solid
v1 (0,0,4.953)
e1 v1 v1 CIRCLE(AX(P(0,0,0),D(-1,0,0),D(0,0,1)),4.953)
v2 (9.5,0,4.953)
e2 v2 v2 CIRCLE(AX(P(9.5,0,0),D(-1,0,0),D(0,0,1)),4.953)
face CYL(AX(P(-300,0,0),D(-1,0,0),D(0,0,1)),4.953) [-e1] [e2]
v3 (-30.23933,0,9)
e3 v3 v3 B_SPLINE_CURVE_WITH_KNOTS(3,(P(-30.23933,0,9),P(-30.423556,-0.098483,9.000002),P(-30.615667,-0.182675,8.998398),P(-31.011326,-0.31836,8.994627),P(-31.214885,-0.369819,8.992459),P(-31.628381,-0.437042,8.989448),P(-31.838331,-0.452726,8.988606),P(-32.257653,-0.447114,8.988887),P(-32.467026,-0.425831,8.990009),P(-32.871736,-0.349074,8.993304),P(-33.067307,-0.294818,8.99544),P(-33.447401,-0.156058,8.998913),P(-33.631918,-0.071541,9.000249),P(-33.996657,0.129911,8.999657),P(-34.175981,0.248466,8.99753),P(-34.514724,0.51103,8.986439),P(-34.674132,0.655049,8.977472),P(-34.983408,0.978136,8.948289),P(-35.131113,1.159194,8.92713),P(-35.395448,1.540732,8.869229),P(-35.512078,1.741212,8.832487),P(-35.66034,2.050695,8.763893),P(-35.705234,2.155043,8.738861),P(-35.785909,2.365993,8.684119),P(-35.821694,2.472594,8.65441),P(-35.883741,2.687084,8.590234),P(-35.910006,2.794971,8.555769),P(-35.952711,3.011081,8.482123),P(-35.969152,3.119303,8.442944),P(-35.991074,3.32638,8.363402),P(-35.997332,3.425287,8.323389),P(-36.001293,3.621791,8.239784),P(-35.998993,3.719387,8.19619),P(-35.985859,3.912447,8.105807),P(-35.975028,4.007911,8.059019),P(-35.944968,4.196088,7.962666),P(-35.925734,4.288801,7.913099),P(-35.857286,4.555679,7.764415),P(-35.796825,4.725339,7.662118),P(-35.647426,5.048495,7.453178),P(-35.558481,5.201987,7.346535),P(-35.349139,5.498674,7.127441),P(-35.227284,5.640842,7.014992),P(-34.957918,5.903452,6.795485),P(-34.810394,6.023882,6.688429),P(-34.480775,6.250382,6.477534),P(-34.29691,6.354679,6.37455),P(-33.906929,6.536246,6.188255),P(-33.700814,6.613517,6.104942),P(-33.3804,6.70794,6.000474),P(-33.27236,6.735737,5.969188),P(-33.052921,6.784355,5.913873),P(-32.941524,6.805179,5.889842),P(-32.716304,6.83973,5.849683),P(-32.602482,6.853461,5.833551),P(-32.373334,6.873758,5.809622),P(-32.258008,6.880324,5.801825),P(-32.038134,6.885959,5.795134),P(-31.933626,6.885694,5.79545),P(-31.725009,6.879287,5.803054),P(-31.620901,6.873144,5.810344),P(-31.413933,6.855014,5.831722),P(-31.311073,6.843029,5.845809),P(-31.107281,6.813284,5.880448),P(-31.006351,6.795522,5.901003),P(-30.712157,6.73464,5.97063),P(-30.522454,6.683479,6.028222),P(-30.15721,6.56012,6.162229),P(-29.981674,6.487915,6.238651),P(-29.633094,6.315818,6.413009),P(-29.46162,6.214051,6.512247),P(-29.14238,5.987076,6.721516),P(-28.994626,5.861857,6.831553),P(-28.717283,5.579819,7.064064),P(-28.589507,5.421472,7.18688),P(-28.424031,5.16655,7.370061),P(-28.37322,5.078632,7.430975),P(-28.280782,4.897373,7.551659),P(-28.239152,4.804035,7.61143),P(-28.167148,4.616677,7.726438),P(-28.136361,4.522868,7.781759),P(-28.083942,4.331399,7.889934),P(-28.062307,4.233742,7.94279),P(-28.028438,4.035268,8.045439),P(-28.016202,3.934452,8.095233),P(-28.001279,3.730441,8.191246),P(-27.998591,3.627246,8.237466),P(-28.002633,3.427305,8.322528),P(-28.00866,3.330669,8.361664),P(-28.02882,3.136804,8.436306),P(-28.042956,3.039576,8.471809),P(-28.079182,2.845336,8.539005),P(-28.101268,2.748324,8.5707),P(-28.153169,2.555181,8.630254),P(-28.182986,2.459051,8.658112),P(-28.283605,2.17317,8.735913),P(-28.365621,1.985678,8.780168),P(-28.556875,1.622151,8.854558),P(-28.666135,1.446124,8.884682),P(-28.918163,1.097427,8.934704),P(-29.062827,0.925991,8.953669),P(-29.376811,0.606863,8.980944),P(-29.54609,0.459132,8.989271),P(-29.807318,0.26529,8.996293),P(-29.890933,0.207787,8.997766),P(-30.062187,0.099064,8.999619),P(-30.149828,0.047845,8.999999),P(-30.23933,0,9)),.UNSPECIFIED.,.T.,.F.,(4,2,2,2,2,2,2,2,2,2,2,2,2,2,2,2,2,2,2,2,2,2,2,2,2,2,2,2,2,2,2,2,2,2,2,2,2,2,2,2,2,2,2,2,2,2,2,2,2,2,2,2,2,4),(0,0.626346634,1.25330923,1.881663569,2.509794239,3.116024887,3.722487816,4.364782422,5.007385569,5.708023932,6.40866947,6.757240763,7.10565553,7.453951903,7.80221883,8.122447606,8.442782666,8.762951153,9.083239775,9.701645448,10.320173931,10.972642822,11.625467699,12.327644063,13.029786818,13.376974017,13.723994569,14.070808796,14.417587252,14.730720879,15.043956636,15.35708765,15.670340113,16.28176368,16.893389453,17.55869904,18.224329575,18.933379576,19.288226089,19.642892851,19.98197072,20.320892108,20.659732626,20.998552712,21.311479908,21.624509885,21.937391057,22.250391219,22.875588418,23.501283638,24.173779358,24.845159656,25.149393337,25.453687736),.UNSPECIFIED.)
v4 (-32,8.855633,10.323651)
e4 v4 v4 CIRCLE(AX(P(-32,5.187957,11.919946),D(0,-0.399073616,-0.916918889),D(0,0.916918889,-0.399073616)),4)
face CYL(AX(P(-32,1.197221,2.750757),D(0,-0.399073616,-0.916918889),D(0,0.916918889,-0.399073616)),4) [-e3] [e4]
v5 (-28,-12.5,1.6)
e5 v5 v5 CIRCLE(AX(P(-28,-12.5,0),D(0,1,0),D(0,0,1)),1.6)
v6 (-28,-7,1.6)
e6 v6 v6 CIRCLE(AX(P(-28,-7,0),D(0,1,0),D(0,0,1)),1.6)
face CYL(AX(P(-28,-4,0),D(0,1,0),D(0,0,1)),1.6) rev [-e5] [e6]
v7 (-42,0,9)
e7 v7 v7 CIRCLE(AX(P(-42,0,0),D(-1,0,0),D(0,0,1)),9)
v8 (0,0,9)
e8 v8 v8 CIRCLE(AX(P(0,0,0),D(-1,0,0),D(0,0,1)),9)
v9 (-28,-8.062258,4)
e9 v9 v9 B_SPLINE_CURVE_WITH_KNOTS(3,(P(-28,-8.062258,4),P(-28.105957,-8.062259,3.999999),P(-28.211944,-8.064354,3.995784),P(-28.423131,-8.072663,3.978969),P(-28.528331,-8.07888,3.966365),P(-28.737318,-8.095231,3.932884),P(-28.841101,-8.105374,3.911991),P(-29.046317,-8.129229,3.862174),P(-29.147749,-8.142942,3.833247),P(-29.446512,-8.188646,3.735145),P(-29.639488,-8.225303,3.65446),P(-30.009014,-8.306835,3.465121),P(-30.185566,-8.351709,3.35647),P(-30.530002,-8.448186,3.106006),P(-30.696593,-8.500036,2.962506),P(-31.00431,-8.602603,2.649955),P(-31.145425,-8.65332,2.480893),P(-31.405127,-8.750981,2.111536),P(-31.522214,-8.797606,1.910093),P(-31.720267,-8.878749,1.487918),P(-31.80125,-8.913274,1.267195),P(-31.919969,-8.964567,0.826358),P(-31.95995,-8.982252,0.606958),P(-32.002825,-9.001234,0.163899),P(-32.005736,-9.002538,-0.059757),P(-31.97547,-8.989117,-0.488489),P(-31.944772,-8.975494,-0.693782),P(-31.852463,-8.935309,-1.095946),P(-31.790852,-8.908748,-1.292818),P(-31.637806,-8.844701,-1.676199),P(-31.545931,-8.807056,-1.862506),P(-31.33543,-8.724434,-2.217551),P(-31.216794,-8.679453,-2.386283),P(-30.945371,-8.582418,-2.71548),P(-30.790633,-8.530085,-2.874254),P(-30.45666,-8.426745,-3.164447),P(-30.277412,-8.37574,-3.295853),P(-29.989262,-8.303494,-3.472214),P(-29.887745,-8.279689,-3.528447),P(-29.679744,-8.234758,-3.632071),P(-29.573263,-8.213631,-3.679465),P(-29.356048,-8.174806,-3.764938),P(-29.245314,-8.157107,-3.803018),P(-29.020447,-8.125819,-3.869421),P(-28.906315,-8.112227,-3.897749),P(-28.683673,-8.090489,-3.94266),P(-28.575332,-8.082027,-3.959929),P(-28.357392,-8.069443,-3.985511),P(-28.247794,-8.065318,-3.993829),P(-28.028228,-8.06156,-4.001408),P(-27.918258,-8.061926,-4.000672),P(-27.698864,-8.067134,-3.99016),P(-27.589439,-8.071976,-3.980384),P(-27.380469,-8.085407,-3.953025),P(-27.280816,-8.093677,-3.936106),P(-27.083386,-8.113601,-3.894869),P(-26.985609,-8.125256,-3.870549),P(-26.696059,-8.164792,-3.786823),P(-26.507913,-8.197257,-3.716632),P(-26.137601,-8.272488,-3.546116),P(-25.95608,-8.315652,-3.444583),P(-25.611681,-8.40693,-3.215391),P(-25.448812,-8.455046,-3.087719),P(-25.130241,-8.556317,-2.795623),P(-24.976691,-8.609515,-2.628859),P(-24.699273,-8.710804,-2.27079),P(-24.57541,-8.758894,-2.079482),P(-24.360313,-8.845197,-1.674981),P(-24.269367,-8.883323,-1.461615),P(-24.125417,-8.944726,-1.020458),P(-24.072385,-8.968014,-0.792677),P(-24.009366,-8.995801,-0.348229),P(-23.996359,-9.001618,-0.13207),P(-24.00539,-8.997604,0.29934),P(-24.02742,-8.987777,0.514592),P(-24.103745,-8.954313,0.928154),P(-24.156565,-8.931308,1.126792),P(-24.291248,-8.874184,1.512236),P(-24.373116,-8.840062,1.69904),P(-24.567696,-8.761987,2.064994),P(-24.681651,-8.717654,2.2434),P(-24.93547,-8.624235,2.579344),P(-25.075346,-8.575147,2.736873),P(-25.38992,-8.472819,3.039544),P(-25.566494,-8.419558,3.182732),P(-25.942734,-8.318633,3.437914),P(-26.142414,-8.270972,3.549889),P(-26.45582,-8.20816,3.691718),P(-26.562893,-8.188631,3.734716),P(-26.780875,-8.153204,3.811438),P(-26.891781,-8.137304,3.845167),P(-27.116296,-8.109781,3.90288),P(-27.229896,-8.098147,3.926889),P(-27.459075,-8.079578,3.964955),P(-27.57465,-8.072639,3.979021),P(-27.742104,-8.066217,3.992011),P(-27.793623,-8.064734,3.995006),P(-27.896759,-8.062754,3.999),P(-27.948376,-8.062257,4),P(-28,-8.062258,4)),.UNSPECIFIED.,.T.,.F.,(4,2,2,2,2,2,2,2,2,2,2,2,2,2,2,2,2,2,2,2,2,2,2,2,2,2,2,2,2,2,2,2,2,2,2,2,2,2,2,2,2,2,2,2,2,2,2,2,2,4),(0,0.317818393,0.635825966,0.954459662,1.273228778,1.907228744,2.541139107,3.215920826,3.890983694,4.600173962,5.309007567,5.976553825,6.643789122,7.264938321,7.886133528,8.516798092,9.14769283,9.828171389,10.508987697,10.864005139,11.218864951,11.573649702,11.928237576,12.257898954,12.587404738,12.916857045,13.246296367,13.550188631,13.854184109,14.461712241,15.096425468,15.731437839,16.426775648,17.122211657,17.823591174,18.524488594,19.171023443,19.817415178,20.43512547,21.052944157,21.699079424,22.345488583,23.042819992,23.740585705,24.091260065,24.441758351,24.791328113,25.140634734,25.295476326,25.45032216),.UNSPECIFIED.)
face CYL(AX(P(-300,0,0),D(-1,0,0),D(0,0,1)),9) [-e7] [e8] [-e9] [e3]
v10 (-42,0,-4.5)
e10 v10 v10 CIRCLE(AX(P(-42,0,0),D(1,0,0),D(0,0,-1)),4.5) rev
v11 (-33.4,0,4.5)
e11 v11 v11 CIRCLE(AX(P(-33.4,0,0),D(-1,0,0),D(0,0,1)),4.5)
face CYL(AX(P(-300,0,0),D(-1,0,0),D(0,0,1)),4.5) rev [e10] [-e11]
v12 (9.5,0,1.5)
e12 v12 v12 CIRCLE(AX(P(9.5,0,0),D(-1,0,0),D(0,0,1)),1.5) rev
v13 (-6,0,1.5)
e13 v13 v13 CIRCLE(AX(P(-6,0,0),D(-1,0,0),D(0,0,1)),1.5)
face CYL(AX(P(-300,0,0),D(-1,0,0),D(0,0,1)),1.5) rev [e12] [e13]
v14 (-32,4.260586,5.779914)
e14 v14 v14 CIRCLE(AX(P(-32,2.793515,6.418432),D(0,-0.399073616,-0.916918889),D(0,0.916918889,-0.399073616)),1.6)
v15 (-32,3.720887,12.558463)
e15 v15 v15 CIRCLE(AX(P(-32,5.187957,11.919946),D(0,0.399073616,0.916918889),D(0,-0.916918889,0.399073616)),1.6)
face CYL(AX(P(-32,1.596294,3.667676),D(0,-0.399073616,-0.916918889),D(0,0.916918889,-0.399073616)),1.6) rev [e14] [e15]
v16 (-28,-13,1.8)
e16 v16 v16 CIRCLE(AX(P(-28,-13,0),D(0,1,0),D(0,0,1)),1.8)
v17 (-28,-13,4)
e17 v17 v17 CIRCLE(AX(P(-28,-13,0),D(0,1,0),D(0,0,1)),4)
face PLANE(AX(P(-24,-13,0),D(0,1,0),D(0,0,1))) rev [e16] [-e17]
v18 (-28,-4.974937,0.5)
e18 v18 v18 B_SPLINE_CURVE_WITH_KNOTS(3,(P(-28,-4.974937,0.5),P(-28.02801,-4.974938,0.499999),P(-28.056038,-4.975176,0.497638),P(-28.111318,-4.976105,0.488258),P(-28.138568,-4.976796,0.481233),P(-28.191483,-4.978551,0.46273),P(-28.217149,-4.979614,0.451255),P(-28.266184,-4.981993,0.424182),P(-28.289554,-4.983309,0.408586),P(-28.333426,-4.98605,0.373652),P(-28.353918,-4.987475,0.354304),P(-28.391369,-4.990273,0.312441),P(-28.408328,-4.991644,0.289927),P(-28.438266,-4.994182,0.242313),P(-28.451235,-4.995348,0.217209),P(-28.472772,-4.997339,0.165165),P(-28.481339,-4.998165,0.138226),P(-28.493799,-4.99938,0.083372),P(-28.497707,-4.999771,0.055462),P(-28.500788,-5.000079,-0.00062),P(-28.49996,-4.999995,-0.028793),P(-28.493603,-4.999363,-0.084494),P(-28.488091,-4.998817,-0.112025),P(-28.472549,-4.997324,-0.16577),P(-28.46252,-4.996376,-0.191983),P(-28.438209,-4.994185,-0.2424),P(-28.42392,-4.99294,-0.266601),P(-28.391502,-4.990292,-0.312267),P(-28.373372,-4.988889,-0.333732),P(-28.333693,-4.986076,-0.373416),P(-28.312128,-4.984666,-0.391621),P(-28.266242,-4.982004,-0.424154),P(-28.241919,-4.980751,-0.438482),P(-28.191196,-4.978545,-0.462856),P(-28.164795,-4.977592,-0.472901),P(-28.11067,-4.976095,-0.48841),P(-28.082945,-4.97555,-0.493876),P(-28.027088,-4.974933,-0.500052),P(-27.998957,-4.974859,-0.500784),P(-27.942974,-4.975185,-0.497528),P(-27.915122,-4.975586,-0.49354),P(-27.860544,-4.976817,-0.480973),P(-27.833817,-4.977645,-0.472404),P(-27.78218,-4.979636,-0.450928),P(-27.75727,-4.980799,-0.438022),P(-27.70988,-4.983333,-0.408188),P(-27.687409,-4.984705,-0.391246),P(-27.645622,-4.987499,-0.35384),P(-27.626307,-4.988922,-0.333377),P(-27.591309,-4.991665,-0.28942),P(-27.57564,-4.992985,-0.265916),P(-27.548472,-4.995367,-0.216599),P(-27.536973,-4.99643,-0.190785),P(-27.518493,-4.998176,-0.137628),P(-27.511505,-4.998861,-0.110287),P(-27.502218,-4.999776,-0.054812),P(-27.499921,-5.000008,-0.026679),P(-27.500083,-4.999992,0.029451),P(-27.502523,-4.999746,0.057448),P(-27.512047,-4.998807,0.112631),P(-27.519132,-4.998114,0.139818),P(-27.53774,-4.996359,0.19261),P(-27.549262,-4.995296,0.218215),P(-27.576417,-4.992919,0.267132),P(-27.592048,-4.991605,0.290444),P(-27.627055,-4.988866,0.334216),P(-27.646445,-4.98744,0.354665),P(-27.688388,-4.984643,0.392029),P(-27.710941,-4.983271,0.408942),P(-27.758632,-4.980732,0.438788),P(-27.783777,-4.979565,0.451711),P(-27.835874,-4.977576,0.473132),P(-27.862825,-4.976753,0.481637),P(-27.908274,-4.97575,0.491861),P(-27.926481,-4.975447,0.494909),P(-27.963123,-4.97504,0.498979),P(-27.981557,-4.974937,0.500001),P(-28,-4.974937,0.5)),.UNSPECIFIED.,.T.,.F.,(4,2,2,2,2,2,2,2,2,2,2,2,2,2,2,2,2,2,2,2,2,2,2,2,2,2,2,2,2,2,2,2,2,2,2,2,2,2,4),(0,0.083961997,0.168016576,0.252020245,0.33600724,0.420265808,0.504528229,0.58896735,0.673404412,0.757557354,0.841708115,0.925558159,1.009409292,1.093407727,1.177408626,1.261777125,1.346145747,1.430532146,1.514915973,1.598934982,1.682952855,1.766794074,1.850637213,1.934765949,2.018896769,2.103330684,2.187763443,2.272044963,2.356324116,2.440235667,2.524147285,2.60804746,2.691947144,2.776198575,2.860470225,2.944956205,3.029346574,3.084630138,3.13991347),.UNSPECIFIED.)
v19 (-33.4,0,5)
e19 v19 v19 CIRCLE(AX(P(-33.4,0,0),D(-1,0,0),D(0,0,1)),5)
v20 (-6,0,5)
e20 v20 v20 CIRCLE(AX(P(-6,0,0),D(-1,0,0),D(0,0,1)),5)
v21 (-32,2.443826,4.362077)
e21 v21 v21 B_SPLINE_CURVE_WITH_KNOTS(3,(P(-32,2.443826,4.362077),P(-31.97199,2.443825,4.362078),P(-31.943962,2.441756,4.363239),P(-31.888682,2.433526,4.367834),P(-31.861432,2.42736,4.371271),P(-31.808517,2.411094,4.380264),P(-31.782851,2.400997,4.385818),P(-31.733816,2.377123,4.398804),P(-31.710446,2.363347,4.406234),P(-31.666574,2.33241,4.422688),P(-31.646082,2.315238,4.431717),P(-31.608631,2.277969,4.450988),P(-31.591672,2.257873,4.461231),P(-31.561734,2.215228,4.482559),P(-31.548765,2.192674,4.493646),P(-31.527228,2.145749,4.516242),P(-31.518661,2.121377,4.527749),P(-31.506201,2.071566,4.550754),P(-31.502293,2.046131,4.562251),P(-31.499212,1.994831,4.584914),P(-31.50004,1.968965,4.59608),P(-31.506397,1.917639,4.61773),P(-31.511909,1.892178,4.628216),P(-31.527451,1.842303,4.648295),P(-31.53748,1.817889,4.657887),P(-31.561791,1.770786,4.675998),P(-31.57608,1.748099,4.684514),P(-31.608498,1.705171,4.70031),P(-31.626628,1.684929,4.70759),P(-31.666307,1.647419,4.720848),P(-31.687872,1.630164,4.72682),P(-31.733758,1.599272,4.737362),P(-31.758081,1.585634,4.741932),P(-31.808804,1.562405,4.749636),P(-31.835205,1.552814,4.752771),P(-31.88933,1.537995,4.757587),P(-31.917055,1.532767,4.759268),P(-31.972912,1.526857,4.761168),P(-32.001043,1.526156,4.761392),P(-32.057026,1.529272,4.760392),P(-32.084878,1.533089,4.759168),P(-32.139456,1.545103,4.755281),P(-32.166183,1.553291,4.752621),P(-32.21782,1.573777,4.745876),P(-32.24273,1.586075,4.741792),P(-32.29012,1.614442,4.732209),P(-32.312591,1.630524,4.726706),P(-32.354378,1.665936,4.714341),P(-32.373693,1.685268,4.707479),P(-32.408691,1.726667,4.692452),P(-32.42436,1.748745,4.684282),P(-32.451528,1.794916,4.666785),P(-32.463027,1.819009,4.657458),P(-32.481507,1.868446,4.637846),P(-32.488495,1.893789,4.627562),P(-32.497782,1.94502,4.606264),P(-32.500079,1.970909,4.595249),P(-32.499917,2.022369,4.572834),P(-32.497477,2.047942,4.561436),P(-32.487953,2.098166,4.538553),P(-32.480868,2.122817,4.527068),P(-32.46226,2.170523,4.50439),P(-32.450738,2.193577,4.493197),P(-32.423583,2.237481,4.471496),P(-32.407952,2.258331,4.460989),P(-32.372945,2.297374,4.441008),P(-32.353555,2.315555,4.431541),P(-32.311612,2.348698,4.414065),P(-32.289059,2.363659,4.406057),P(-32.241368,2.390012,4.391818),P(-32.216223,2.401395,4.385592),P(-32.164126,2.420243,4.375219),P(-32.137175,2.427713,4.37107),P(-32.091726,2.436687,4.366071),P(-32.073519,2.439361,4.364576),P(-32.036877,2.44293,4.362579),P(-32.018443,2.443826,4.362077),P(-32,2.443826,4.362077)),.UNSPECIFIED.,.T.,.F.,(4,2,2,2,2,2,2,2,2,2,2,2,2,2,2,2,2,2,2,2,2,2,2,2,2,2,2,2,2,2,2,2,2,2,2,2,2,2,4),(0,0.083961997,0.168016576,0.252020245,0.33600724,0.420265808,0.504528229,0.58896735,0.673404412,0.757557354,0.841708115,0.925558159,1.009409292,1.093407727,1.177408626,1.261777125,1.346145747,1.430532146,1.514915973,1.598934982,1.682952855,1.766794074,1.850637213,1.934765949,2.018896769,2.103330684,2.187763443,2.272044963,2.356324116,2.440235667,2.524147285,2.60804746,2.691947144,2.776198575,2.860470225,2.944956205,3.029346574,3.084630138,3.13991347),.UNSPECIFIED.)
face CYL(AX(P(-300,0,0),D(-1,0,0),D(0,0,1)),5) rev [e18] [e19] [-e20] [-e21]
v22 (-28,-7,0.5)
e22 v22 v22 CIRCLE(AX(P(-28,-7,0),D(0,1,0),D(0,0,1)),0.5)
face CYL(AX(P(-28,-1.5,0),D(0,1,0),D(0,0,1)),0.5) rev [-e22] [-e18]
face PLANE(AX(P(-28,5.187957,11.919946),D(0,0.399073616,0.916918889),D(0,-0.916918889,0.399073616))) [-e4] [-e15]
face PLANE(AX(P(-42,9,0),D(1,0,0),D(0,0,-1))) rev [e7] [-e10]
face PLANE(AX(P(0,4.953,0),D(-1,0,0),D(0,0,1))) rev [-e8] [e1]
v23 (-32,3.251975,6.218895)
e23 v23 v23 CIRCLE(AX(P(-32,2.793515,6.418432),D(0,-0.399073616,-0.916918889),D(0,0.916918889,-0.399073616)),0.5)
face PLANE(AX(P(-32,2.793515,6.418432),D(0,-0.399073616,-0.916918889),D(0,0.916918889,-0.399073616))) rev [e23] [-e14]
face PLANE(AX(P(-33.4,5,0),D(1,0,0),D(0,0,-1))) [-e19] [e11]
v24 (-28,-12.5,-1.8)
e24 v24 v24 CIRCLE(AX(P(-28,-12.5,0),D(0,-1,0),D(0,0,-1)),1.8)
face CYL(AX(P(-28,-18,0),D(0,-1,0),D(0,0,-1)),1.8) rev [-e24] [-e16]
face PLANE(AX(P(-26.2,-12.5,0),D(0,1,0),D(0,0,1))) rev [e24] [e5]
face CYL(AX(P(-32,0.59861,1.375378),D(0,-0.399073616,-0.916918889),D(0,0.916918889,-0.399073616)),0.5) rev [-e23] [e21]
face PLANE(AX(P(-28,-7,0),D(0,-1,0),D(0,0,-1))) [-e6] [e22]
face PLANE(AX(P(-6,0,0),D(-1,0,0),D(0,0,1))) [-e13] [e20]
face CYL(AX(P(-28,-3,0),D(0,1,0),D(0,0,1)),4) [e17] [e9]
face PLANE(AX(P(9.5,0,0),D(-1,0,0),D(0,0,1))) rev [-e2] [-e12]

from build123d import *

# Parameters (mm, degrees)
NITROUS_BOSS_SKETCH_W          = 4
NITROUS_BOSS_SKETCH_H          = 7
ETHANOL_BOSS_SKETCH_W          = 4
ETHANOL_BOSS_SKETCH_H          = 7
CHAMBER_SKETCH_W               = 27.4
CHAMBER_SKETCH_H               = 5
FLAME_PASSAGE_SKETCH_W         = 16.5
FLAME_PASSAGE_SKETCH_H         = 1.5
PLUG_HOLE_SKETCH_W             = 9.6
PLUG_HOLE_SKETCH_H             = 4.5
NITROUS_SOCKET_SKETCH_W        = 1.6
NITROUS_SOCKET_SKETCH_H        = 7
NITROUS_ORIFICE_SKETCH_W       = 0.5
NITROUS_ORIFICE_SKETCH_H       = 2.5
ETHANOL_SOCKET_SKETCH_W        = 1.6
ETHANOL_SOCKET_SKETCH_H        = 7
ETHANOL_ORIFICE_SKETCH_W       = 0.5
ETHANOL_ORIFICE_SKETCH_H       = 2.5
NITROUS_SOCKET_RELIEF_SKETCH_W = 1.8
NITROUS_SOCKET_RELIEF_SKETCH_H = 1.5


with BuildPart() as part:
    # Body Sketch → Body (revolve)
    with BuildSketch(Plane.XY):
        Polygon((9.5, 0), (9.5, 4.953), (0, 4.953), (0, 9), (-42, 9), (-42, 0), align=None)
    revolve(axis=Axis((-300, 0, 0), (1, 0, 0)))

    # Nitrous Boss Sketch → Nitrous Boss (revolve)
    with BuildSketch(Plane.XY):
        with Locations((-26, -9.5)):
            Rectangle(NITROUS_BOSS_SKETCH_W, NITROUS_BOSS_SKETCH_H)
    revolve(axis=Axis((-28, -3, 0), (0, -1, 0)))

    # Ethanol Boss Sketch → Ethanol Boss (revolve)
    with BuildSketch(Plane(origin=(0, 0, 0), x_dir=(-1, 0, 0), z_dir=(0, -0.9169188892170476, 0.3990736155109426))):
        with Locations((30, -9.5)):
            Rectangle(ETHANOL_BOSS_SKETCH_W, ETHANOL_BOSS_SKETCH_H)
    revolve(axis=Axis((-32, 1.197220847, 2.750756668), (0, 0.39907361551094256, 0.9169188892170476)))

    # Chamber Sketch → Chamber (revolve, cut)
    with BuildSketch(Plane.XY):
        with Locations((-19.7, 2.5)):
            Rectangle(CHAMBER_SKETCH_W, CHAMBER_SKETCH_H)
    revolve(axis=Axis((-300, 0, 0), (1, 0, 0)), mode=Mode.SUBTRACT)

    # Flame Passage Sketch → Flame Passage (revolve, cut)
    with BuildSketch(Plane.XY):
        with Locations((2.25, 0.75)):
            Rectangle(FLAME_PASSAGE_SKETCH_W, FLAME_PASSAGE_SKETCH_H)
    revolve(axis=Axis((-300, 0, 0), (1, 0, 0)), mode=Mode.SUBTRACT)

    # Plug Hole Sketch → Plug Hole (revolve, cut)
    with BuildSketch(Plane.XY):
        with Locations((-38.2, 2.25)):
            Rectangle(PLUG_HOLE_SKETCH_W, PLUG_HOLE_SKETCH_H)
    revolve(axis=Axis((-300, 0, 0), (1, 0, 0)), mode=Mode.SUBTRACT)

    # Nitrous Socket Sketch → Nitrous Socket (revolve, cut)
    with BuildSketch(Plane.XY):
        with Locations((-27.2, -10.5)):
            Rectangle(NITROUS_SOCKET_SKETCH_W, NITROUS_SOCKET_SKETCH_H)
    revolve(axis=Axis((-28, -4, 0), (0, -1, 0)), mode=Mode.SUBTRACT)

    # Nitrous Orifice Sketch → Nitrous Orifice (revolve, cut)
    with BuildSketch(Plane.XY):
        with Locations((-27.75, -5.75)):
            Rectangle(NITROUS_ORIFICE_SKETCH_W, NITROUS_ORIFICE_SKETCH_H)
    revolve(axis=Axis((-28, -1.5, 0), (0, -1, 0)), mode=Mode.SUBTRACT)

    # Ethanol Socket Sketch → Ethanol Socket (revolve, cut)
    with BuildSketch(Plane(origin=(0, 0, 0), x_dir=(-1, 0, 0), z_dir=(0, -0.9169188892170476, 0.3990736155109426))):
        with Locations((31.2, -10.5)):
            Rectangle(ETHANOL_SOCKET_SKETCH_W, ETHANOL_SOCKET_SKETCH_H)
    revolve(axis=Axis((-32, 1.596294462, 3.667675557), (0, 0.39907361551094267, 0.9169188892170476)), mode=Mode.SUBTRACT)

    # Ethanol Orifice Sketch → Ethanol Orifice (revolve, cut)
    with BuildSketch(Plane(origin=(0, 0, 0), x_dir=(-1, 0, 0), z_dir=(0, -0.9169188892170476, 0.3990736155109426))):
        with Locations((31.75, -5.75)):
            Rectangle(ETHANOL_ORIFICE_SKETCH_W, ETHANOL_ORIFICE_SKETCH_H)
    revolve(axis=Axis((-32, 0.598610423, 1.375378334), (0, 0.39907361551094256, 0.9169188892170476)), mode=Mode.SUBTRACT)

    # Nitrous Socket Relief Sketch → Nitrous Socket Relief (revolve, cut)
    with BuildSketch(Plane.XY):
        with Locations((-27.1, -13.25)):
            Rectangle(NITROUS_SOCKET_RELIEF_SKETCH_W, NITROUS_SOCKET_RELIEF_SKETCH_H)
    revolve(axis=Axis((-28, -18, 0), (0, 1, 0)), mode=Mode.SUBTRACT)


solid = part.part
